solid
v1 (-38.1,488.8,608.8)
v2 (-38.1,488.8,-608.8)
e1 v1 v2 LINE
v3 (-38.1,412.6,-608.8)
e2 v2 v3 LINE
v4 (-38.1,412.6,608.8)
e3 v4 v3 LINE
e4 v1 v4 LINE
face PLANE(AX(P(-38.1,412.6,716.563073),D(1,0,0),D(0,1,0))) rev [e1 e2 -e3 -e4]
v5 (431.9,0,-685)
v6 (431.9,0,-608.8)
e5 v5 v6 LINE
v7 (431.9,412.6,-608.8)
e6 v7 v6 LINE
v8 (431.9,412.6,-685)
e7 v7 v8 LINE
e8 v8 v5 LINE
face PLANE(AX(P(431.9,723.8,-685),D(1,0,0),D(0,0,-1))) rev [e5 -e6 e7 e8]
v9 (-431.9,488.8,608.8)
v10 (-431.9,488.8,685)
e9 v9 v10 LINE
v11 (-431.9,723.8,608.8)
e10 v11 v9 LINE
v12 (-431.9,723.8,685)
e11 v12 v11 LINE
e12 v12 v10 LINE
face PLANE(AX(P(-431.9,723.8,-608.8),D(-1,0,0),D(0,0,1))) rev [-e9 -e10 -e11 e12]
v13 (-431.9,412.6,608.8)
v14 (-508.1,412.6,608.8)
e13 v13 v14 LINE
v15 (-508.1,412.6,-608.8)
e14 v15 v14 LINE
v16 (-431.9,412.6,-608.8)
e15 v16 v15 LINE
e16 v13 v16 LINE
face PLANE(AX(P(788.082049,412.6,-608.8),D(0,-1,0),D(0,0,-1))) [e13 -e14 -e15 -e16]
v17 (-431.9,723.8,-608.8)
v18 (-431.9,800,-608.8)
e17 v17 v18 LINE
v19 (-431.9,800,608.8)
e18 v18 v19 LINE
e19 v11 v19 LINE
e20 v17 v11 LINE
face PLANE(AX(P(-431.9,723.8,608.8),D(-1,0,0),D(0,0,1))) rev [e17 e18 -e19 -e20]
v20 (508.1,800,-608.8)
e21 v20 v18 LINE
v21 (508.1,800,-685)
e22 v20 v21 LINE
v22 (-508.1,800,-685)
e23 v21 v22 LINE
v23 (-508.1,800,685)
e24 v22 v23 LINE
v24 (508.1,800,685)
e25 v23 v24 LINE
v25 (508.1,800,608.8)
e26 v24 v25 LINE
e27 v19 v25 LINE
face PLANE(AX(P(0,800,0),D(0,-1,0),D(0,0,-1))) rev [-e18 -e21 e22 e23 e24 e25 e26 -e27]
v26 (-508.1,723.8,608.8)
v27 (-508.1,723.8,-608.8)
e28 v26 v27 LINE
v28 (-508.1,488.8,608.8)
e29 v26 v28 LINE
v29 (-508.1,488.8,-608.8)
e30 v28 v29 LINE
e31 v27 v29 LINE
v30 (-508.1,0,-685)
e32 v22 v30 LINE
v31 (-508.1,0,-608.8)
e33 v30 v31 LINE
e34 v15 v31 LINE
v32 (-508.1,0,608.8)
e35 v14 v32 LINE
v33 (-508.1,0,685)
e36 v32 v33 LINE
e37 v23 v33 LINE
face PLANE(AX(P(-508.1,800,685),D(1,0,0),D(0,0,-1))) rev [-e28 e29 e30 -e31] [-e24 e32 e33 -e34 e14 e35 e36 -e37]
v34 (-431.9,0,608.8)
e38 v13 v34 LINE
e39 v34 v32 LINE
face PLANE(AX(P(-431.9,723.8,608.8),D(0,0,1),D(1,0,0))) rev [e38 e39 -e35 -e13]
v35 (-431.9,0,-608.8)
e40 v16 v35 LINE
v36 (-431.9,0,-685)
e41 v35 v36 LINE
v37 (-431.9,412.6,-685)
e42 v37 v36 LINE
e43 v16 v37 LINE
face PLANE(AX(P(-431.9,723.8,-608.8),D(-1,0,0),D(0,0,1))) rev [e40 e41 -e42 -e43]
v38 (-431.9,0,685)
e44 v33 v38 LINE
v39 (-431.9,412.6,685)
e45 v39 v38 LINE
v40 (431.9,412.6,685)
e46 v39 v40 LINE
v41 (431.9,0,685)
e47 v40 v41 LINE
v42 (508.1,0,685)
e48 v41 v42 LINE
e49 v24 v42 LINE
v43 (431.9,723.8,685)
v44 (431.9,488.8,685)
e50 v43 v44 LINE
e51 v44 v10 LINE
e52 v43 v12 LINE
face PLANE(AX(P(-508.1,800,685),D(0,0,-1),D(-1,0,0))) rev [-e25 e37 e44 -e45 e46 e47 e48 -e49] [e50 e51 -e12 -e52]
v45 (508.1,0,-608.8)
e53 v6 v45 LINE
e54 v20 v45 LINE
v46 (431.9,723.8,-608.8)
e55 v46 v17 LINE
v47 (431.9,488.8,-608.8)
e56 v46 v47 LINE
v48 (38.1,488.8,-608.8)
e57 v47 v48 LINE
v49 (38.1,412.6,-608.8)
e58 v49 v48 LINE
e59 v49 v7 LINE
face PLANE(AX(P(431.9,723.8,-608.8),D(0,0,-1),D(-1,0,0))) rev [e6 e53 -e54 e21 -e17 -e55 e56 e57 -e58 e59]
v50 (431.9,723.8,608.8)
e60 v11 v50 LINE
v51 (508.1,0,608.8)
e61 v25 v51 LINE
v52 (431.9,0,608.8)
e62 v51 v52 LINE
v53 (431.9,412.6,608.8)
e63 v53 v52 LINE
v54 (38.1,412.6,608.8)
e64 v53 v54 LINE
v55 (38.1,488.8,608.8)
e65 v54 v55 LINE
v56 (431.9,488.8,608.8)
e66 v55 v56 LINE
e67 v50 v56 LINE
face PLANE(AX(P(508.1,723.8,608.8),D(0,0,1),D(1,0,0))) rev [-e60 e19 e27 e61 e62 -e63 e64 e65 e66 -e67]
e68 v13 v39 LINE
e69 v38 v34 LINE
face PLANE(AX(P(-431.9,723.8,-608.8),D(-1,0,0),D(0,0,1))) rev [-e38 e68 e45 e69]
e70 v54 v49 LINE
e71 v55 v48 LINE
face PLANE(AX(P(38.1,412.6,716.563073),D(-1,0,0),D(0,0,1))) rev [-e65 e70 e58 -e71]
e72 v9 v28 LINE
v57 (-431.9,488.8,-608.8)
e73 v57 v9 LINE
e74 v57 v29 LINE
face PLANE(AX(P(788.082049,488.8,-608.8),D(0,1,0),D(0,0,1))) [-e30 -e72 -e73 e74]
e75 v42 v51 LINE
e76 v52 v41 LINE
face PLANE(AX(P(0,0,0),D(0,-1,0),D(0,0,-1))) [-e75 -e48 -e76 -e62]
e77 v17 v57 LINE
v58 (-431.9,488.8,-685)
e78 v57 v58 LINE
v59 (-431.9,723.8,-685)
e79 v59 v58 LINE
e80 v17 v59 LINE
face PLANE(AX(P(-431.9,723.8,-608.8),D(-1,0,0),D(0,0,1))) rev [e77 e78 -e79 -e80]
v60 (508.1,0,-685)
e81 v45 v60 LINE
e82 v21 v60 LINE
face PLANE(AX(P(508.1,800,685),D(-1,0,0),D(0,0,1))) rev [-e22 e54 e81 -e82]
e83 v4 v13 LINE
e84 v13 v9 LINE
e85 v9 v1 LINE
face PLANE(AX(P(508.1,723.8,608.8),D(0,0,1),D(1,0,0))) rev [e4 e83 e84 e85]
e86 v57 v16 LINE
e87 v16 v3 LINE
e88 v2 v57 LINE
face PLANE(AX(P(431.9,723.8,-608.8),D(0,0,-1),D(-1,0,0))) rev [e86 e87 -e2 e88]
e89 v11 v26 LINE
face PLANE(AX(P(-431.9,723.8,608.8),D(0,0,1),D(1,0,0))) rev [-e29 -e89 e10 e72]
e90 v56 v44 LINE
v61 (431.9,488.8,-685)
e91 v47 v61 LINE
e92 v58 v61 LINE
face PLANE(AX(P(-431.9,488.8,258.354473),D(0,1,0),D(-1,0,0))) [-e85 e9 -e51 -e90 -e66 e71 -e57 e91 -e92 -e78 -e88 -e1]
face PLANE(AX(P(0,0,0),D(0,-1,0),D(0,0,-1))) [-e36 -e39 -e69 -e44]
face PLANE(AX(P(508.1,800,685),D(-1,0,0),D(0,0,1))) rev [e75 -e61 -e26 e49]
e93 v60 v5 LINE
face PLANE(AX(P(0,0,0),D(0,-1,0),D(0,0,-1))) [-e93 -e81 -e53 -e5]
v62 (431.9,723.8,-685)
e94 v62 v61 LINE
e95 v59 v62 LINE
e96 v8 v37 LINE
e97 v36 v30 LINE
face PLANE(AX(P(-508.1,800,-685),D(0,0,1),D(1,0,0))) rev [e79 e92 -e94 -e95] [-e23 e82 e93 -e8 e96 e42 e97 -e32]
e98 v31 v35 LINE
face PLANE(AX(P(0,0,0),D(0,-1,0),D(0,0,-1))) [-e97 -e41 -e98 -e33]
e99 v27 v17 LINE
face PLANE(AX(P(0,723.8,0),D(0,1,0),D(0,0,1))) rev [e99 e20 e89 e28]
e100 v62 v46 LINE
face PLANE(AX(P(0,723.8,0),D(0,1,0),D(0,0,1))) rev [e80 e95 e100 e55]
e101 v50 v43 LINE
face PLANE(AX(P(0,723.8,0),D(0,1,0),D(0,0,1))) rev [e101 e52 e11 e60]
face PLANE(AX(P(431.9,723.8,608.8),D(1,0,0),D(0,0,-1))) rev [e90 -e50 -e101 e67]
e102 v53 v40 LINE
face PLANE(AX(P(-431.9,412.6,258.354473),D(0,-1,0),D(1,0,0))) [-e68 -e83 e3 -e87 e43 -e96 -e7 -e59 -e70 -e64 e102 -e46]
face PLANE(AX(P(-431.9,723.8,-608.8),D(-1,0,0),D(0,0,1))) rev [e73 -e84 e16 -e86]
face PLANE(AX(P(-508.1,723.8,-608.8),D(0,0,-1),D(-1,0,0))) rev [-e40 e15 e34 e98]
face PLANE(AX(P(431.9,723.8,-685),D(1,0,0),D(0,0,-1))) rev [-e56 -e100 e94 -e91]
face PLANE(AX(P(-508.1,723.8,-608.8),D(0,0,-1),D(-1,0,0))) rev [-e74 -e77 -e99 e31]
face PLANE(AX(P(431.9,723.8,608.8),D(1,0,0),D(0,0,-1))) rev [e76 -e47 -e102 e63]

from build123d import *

# Parameters (mm, degrees)
CROQUIS1_W              = 1016.2
CROQUIS1_H              = 1370
SALIENTE_EXTRUIR1_DEPTH = 800
CORTAR_EXTRUIR1_DEPTH   = 723.8
CROQUIS3_W              = 863.8
CROQUIS3_H              = 1217.6
CORTAR_EXTRUIR2_DEPTH   = 76.2
CROQUIS5_W              = 1217.6
CROQUIS5_H              = 76.2
SALIENTE_EXTRUIR2_DEPTH = 76.2
CROQUIS6_W              = 863.8
CROQUIS6_H              = 76.2
SALIENTE_EXTRUIR3_DEPTH = 76.2
CROQUIS7_W              = 1217.6
CROQUIS7_H              = 76.2
SALIENTE_EXTRUIR4_DEPTH = 76.2
CROQUIS8_W              = 863.8
CROQUIS8_H              = 76.2
SALIENTE_EXTRUIR5_DEPTH = 76.2
CROQUIS9_W              = 76.2
CROQUIS9_H              = 1217.6
CORTAR_EXTRUIR4_DEPTH   = 387.4
CROQUIS10_W             = 76.2
CROQUIS10_H             = 76.2
SALIENTE_EXTRUIR6_DEPTH = 1217.6


with BuildPart() as part:
    # Croquis1 → Saliente-Extruir1 (new body)
    with BuildSketch(Plane(origin=(0, 0, 0), x_dir=(1, 0, 0), z_dir=(0, 1, 0))):
        Rectangle(CROQUIS1_W, CROQUIS1_H)
    extrude(amount=SALIENTE_EXTRUIR1_DEPTH)

    # Croquis2 → Cortar-Extruir1 (cut)
    with BuildSketch(Plane.XZ):
        Polygon((431.9, 608.8), (431.9, 685), (-431.9, 685), (-431.9, 608.8), (-508.1, 608.8), (-508.1, -608.8), (-431.9, -608.8), (-431.9, -685), (431.9, -685), (431.9, -608.8), (508.1, -608.8), (508.1, 608.8), align=None)
    extrude(amount=-CORTAR_EXTRUIR1_DEPTH, mode=Mode.SUBTRACT)

    # Croquis3 → Cortar-Extruir2 (cut)
    with BuildSketch(Plane(origin=(0, 800, 0), x_dir=(1, 0, 0), z_dir=(0, 1, 0))):
        Rectangle(CROQUIS3_W, CROQUIS3_H)
    extrude(amount=-CORTAR_EXTRUIR2_DEPTH, mode=Mode.SUBTRACT)

    # Croquis5 → Saliente-Extruir2 (add)
    with BuildSketch(Plane.ZY.offset(508.1)):
        with Locations((0, 450.7)):
            Rectangle(CROQUIS5_W, CROQUIS5_H)
    extrude(amount=-SALIENTE_EXTRUIR2_DEPTH)

    # Croquis6 → Saliente-Extruir3 (add)
    with BuildSketch(Plane(origin=(0, 0, -685), x_dir=(-1, 0, 0), z_dir=(0, 0, -1))):
        with Locations((0, 450.7)):
            Rectangle(CROQUIS6_W, CROQUIS6_H)
    extrude(amount=-SALIENTE_EXTRUIR3_DEPTH)

    # Croquis7 → Saliente-Extruir4 (add)
    with BuildSketch(Plane(origin=(508.1, 0, 0), x_dir=(0, 0, -1), z_dir=(1, 0, 0))):
        with Locations((0, 450.7)):
            Rectangle(CROQUIS7_W, CROQUIS7_H)
    extrude(amount=-SALIENTE_EXTRUIR4_DEPTH)

    # Croquis8 → Saliente-Extruir5 (add)
    with BuildSketch(Plane.XY.offset(685)):
        with Locations((0, 450.7)):
            Rectangle(CROQUIS8_W, CROQUIS8_H)
    extrude(amount=-SALIENTE_EXTRUIR5_DEPTH)

    # Croquis9 → Cortar-Extruir4 (cut)
    with BuildSketch(Plane(origin=(0, 800, 0), x_dir=(1, 0, 0), z_dir=(0, 1, 0))):
        with Locations((470, 0)):
            Rectangle(CROQUIS9_W, CROQUIS9_H)
    extrude(amount=-CORTAR_EXTRUIR4_DEPTH, mode=Mode.SUBTRACT)

    # Croquis10 → Saliente-Extruir6 (add)
    with BuildSketch(Plane.XY.offset(-608.8)):
        with Locations((0, 450.7)):
            Rectangle(CROQUIS10_W, CROQUIS10_H)
    extrude(amount=SALIENTE_EXTRUIR6_DEPTH)


solid = part.part
